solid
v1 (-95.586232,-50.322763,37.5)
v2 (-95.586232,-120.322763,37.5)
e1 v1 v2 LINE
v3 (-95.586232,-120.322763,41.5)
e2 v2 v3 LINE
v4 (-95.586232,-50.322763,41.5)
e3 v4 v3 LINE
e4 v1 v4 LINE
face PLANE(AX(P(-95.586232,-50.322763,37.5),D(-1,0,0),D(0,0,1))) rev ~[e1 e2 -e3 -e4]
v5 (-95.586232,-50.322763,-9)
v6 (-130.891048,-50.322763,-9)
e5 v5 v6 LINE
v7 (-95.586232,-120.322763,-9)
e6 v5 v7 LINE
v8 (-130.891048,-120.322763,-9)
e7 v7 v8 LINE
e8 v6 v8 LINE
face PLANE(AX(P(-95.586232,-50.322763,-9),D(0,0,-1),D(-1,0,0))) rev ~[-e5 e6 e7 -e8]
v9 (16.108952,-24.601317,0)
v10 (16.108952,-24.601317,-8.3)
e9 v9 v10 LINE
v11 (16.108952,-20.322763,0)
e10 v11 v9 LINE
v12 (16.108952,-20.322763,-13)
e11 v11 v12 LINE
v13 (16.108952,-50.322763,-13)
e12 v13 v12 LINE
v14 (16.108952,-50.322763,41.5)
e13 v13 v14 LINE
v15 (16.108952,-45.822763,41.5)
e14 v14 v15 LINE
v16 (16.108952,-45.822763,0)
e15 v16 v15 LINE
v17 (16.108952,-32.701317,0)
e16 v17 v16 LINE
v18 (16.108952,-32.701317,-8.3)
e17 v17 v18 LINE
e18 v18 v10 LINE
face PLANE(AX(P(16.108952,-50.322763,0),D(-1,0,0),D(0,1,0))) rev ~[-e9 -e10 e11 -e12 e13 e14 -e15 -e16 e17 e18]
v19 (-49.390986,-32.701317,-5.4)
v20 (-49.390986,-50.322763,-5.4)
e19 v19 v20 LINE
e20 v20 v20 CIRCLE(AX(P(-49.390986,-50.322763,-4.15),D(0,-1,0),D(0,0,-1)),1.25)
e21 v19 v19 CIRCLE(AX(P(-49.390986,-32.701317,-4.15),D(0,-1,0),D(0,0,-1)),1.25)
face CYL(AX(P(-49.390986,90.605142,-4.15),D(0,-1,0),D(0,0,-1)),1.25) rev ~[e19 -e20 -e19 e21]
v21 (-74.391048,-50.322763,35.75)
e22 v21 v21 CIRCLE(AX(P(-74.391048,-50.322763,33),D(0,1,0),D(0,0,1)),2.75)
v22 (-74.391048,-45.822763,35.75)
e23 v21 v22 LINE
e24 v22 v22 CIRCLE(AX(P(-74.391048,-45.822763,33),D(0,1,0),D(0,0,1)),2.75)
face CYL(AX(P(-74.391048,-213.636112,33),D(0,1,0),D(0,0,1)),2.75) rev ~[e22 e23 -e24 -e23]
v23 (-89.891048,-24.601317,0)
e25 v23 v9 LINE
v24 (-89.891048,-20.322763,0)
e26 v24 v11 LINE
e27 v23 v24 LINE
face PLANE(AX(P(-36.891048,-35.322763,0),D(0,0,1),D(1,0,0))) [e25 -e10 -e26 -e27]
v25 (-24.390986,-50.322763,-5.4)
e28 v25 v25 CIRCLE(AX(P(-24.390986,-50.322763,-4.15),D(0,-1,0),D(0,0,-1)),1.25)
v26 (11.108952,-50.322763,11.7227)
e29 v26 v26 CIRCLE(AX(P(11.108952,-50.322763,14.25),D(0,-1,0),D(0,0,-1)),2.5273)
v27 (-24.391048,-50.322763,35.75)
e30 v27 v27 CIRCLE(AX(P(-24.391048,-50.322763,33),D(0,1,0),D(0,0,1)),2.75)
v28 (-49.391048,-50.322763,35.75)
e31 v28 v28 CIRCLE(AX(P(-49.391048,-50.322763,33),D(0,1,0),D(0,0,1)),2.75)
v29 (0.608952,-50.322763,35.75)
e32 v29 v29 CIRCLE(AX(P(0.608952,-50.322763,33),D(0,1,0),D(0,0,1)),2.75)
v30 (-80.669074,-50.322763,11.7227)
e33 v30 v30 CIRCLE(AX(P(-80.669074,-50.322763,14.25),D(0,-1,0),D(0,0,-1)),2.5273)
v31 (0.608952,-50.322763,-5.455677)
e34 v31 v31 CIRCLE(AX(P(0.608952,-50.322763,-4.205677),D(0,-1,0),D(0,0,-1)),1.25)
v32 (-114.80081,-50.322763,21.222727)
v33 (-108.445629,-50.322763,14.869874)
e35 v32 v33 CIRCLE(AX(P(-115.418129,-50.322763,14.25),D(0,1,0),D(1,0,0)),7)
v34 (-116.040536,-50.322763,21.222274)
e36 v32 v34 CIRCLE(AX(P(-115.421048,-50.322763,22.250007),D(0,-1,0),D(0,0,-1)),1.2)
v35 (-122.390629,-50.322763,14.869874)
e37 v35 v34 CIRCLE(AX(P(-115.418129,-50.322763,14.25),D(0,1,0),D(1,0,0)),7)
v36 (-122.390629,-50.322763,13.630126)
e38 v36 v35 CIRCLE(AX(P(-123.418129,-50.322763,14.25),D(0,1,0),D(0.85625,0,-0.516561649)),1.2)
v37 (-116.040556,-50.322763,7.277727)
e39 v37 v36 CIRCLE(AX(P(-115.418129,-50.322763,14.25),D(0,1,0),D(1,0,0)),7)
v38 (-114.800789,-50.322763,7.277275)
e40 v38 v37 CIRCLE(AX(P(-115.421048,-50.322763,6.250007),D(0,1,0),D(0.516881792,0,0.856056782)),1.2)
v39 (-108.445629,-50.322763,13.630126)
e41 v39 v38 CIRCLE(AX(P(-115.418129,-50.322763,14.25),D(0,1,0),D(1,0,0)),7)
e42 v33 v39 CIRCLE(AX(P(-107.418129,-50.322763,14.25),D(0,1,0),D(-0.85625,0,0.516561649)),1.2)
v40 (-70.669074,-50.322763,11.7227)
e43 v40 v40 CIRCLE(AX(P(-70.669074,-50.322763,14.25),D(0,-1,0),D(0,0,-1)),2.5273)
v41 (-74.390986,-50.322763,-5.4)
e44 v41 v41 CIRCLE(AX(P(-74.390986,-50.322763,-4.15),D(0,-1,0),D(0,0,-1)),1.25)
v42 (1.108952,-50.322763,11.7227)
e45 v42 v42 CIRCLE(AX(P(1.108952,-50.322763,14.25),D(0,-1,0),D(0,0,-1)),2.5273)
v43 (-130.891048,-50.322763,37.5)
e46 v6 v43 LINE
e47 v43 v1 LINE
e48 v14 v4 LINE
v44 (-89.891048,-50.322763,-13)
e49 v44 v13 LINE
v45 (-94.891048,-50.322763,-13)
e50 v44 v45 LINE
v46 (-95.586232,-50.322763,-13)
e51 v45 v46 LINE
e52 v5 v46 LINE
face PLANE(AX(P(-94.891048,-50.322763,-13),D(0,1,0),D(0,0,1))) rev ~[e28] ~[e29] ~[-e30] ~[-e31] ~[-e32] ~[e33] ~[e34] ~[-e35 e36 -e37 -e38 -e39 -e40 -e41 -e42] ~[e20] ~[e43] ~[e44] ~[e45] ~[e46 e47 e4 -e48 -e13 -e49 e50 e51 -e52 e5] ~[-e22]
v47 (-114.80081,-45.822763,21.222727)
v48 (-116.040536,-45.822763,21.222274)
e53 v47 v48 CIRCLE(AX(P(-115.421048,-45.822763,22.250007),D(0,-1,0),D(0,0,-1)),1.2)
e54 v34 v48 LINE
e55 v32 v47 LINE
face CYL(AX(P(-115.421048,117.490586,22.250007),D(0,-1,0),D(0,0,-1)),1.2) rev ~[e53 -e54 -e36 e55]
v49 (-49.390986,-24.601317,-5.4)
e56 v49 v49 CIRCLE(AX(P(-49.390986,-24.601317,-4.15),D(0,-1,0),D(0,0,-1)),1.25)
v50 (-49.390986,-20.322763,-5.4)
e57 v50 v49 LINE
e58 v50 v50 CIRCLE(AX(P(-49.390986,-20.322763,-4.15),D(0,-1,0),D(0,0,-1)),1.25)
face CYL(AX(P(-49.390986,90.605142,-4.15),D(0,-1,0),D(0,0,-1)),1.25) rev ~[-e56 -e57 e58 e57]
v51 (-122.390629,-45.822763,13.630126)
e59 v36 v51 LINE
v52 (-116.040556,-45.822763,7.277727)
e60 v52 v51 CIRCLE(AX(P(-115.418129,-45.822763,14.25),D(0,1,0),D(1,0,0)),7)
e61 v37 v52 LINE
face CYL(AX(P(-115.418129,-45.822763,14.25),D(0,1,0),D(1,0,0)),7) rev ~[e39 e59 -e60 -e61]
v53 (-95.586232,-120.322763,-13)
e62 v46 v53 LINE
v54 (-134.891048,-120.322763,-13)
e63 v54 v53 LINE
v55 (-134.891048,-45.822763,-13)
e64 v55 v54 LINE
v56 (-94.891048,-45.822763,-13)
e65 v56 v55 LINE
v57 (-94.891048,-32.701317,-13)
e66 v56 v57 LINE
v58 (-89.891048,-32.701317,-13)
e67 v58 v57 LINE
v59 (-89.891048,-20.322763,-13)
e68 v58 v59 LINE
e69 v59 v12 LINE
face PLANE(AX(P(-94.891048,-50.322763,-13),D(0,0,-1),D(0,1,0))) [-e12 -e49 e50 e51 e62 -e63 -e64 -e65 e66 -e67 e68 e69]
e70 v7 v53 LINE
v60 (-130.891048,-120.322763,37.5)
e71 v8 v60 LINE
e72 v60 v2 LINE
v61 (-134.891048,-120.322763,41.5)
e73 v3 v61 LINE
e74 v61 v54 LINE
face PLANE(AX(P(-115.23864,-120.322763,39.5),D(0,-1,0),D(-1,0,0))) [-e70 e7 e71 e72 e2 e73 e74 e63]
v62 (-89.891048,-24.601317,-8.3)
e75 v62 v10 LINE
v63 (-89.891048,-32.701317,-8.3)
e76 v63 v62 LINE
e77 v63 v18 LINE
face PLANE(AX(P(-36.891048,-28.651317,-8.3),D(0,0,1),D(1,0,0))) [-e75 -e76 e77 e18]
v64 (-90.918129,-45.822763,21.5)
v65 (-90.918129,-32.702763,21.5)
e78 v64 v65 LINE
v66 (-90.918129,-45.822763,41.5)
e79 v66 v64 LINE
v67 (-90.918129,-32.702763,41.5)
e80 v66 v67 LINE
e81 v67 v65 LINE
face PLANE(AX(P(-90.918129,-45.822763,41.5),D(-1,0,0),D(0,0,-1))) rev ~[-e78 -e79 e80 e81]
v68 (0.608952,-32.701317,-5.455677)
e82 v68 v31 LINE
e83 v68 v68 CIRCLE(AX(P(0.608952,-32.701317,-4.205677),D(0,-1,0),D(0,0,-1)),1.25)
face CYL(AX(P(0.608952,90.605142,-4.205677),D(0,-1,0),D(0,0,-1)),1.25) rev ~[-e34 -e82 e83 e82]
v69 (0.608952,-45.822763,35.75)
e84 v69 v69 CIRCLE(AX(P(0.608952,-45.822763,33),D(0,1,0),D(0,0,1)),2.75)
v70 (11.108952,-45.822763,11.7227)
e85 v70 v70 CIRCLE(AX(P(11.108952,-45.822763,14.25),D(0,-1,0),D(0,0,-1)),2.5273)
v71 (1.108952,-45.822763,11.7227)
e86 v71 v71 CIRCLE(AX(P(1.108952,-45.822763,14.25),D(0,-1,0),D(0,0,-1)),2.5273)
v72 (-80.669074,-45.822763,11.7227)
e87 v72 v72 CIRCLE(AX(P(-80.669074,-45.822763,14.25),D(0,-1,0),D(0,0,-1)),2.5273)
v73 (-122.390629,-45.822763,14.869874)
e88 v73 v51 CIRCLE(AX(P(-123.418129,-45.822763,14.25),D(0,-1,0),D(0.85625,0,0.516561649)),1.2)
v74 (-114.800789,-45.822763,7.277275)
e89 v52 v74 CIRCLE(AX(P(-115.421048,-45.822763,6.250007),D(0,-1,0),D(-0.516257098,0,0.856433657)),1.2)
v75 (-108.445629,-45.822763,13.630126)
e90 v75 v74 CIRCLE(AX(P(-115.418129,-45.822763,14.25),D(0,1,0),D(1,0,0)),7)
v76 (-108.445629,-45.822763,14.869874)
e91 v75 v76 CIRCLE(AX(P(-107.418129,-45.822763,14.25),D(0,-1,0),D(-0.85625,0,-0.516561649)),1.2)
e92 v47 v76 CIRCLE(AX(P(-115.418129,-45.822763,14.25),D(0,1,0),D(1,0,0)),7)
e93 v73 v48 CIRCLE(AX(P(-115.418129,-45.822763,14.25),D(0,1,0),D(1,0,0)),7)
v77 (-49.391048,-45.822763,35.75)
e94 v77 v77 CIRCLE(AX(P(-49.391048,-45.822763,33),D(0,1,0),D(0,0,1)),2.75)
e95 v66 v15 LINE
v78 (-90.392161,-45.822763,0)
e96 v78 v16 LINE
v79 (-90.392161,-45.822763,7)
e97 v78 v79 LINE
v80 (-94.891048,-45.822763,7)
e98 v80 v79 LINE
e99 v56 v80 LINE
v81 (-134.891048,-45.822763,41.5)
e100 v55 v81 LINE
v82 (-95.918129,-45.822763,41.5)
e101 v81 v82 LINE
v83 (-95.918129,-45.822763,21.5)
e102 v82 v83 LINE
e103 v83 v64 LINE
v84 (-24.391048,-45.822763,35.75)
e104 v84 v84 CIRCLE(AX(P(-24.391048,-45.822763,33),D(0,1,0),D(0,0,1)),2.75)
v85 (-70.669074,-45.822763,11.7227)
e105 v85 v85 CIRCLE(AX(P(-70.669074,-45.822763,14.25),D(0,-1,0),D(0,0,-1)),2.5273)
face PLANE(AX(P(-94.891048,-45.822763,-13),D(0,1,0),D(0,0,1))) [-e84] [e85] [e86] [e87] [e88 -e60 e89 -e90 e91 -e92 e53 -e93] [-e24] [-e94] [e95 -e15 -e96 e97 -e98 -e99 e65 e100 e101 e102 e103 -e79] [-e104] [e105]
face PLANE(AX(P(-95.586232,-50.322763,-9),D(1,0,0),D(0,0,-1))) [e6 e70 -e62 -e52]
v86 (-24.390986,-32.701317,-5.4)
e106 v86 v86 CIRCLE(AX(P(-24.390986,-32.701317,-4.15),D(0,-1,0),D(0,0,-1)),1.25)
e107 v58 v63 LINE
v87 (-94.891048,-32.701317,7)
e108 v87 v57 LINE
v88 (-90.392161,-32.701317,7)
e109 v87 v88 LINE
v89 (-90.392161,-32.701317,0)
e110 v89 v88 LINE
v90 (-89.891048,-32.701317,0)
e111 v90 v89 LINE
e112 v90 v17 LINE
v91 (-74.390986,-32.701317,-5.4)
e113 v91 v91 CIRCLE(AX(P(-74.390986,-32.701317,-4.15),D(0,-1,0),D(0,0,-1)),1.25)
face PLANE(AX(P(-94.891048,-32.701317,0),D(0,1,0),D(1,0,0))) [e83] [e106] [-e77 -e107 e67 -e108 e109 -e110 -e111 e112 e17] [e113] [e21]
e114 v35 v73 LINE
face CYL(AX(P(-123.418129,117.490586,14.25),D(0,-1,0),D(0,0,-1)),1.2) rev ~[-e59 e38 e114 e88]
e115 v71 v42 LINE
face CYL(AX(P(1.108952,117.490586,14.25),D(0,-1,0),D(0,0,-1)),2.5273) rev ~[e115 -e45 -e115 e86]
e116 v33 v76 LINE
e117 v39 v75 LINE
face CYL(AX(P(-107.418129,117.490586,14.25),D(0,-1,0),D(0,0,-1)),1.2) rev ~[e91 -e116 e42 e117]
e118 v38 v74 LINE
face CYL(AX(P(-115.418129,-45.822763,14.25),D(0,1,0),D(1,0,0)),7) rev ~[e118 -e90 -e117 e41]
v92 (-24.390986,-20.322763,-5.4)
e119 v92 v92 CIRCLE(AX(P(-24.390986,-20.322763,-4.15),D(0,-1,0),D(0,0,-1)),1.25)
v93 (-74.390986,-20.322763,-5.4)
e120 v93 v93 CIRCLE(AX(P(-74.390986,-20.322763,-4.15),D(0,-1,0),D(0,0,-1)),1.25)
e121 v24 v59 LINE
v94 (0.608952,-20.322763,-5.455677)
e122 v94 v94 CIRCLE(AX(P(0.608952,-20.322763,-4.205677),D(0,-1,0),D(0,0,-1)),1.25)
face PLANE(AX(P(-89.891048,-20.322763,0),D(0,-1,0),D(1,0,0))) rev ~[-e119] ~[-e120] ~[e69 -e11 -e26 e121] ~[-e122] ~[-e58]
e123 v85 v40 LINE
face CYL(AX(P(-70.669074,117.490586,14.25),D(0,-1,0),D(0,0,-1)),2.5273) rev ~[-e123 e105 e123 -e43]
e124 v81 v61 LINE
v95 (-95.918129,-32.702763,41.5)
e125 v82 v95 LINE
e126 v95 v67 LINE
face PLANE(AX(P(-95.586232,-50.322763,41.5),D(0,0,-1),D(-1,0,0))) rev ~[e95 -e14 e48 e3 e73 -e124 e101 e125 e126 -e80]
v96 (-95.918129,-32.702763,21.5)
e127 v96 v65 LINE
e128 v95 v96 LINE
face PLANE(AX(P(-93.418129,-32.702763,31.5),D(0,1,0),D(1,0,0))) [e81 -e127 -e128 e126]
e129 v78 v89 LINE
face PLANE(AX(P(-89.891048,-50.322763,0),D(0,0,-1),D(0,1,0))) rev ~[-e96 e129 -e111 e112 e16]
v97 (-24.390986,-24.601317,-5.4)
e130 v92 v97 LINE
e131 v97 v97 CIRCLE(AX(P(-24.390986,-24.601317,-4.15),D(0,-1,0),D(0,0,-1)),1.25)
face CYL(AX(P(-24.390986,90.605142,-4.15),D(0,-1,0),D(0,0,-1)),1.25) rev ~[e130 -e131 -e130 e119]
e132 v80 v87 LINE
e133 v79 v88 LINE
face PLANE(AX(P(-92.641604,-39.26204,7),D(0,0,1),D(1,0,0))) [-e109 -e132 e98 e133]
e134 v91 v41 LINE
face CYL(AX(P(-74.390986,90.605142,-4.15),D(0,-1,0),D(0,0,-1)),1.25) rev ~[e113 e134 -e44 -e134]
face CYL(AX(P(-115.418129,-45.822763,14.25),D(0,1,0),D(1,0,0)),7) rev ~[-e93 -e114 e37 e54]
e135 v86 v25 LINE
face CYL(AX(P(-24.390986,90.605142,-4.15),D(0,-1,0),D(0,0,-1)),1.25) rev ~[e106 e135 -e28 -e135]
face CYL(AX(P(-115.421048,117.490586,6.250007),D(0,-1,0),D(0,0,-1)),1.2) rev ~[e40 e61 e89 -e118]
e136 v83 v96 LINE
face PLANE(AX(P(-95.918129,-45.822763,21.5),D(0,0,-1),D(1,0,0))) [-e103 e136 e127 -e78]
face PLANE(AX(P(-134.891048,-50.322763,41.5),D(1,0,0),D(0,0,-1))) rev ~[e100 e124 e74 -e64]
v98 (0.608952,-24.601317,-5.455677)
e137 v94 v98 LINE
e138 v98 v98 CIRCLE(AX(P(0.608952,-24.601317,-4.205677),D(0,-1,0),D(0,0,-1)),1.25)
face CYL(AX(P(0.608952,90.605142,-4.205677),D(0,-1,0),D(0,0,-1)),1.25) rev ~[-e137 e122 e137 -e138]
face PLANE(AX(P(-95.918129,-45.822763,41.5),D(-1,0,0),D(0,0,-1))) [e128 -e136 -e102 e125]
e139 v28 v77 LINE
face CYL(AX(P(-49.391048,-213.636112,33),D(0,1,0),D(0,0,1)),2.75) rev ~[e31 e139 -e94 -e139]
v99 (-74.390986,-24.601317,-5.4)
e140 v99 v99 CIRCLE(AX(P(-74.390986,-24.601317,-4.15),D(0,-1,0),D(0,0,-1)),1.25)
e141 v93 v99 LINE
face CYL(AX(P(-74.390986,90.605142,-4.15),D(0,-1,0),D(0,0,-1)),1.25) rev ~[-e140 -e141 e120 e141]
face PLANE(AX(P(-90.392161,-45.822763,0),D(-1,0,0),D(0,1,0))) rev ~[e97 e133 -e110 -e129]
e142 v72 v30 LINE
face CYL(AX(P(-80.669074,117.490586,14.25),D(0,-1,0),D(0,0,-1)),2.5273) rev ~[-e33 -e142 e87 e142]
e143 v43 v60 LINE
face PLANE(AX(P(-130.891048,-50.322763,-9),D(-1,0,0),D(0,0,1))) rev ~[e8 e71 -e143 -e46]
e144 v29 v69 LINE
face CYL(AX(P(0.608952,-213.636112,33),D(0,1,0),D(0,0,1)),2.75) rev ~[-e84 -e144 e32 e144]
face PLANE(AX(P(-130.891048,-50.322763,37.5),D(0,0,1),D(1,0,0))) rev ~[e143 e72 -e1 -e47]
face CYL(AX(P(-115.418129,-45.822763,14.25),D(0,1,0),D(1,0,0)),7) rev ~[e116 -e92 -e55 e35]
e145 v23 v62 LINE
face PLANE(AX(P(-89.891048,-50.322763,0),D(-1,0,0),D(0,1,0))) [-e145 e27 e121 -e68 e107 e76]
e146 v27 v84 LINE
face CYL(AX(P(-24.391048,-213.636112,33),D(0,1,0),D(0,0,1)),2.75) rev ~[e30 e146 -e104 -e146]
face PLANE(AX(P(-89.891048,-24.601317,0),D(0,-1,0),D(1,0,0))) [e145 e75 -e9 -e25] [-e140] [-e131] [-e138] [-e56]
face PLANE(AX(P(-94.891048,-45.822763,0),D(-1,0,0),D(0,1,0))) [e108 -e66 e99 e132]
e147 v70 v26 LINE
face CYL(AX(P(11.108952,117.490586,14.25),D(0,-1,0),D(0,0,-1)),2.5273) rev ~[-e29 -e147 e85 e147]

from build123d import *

# Parameters (mm, degrees)
SKETCH4_W                  = 106
SKETCH4_H                  = 30
BOSS_EXTRUDE2_DEPTH        = 13
SKETCH25_W                 = 106
SKETCH25_H                 = 8.1
CUT_EXTRUDE3_DEPTH         = 1
CUT_EXTRUDE3_DEPTH_BACK    = 8.3
M3X0_5_TAPPED_HOLE1_D      = 2.5
SKETCH28_W                 = 106
SKETCH28_H                 = 4.5
BOSS_EXTRUDE3_DEPTH        = 41.5
SKETCH32_W                 = 41.5
SKETCH32_H                 = 4.5
BOSS_EXTRUDE10_DEPTH       = 5
SKETCH33_W                 = 13
SKETCH33_H                 = 17.621445937
BOSS_EXTRUDE12_DEPTH       = 5
SKETCH34_W                 = 4.498886861
SKETCH34_H                 = 13.121445937
BOSS_EXTRUDE13_DEPTH       = 7
SKETCH35_W                 = 54.5
SKETCH35_H                 = 4.5
BOSS_EXTRUDE14_DEPTH       = 40
SKETCH36_W                 = 5
SKETCH36_H                 = 20
BOSS_EXTRUDE15_DEPTH       = 13.12
F_8_0_199_DIAMETER_HOLE1_D = 5.0546
SKETCH39_R                 = 7
CUT_EXTRUDE4_DEPTH         = 10
M2_CLEARANCE_HOLE1_D       = 2.4
M5_CLEARANCE_HOLE1_D       = 5.5
SKETCH43_W                 = 35.304815243
SKETCH43_H                 = 4
BOSS_EXTRUDE16_DEPTH       = 70


with BuildPart() as part:
    # Sketch4 → Boss-Extrude2 (new body)
    with BuildSketch(Plane.XY):
        with Locations((-36.891047602, -35.322762913)):
            Rectangle(SKETCH4_W, SKETCH4_H)
    extrude(amount=-BOSS_EXTRUDE2_DEPTH)

    # Sketch25 → Cut-Extrude3 (cut, two sides)
    with BuildSketch(Plane.XY) as cut_extrude3_sk:
        with Locations((-36.891047602, -28.651316976)):
            Rectangle(SKETCH25_W, SKETCH25_H)
    extrude(amount=CUT_EXTRUDE3_DEPTH, mode=Mode.SUBTRACT)
    extrude(cut_extrude3_sk.sketch, amount=-CUT_EXTRUDE3_DEPTH_BACK, mode=Mode.SUBTRACT)

    # M3x0.5 Tapped Hole1 (through all)
    with Locations(Plane(origin=(-74.390985602, -20.322762913, -4.15), x_dir=(0, 0, 1), z_dir=(0, 1, 0))):
        with Locations((0, 0), (0, 25), (-0.055677319, 74.999938), (0, 50)):
            Hole(M3X0_5_TAPPED_HOLE1_D / 2)

    # Sketch28 → Boss-Extrude3 (add)
    with BuildSketch(Plane.XY):
        with Locations((-36.891047602, -48.072762913)):
            Rectangle(SKETCH28_W, SKETCH28_H)
    extrude(amount=BOSS_EXTRUDE3_DEPTH)

    # Sketch32 → Boss-Extrude10 (add)
    with BuildSketch(Plane.ZY.offset(89.891047602)):
        with Locations((20.75, -48.072762913)):
            Rectangle(SKETCH32_W, SKETCH32_H)
    extrude(amount=BOSS_EXTRUDE10_DEPTH)

    # Sketch33 → Boss-Extrude12 (add)
    with BuildSketch(Plane.ZY.offset(89.891047602)):
        with Locations((-6.5, -41.512039945)):
            Rectangle(SKETCH33_W, SKETCH33_H)
    extrude(amount=BOSS_EXTRUDE12_DEPTH)

    # Sketch34 → Boss-Extrude13 (add)
    with BuildSketch(Plane.XY):
        with Locations((-92.641604172, -39.262039945)):
            Rectangle(SKETCH34_W, SKETCH34_H)
    extrude(amount=BOSS_EXTRUDE13_DEPTH)

    # Sketch35 → Boss-Extrude14 (add)
    with BuildSketch(Plane.ZY.offset(94.891047602)):
        with Locations((14.25, -48.072762913)):
            Rectangle(SKETCH35_W, SKETCH35_H)
    extrude(amount=BOSS_EXTRUDE14_DEPTH)

    # Sketch36 → Boss-Extrude15 (add)
    with BuildSketch(Plane(origin=(0, -45.822762913, 0), x_dir=(1, 0, 0), z_dir=(0, 1, 0))):
        with Locations((-93.41812931, -31.5)):
            Rectangle(SKETCH36_W, SKETCH36_H)
    extrude(amount=BOSS_EXTRUDE15_DEPTH)

    # #8 (0.199) Diameter Hole1 (through all)
    with Locations(Plane(origin=(-80.669073904, -45.822762913, 14.25), x_dir=(0, 0, 1), z_dir=(0, 1, 0))):
        with Locations((0, 0), (0, 91.778026302), (0, 81.778026302), (0, 10)):
            Hole(F_8_0_199_DIAMETER_HOLE1_D / 2)

    # Sketch39 → Cut-Extrude4 (cut)
    with BuildSketch(Plane(origin=(0, -45.822762913, 0), x_dir=(1, 0, 0), z_dir=(0, 1, 0))):
        with Locations((-115.41812931, -14.25)):
            Circle(SKETCH39_R)
    extrude(amount=-CUT_EXTRUDE4_DEPTH, mode=Mode.SUBTRACT)

    # M2 Clearance Hole1 (through all)
    with Locations(Plane(origin=(-107.41812931, -45.822762913, 14.25), x_dir=(0, 0, 1), z_dir=(0, 1, 0))):
        with Locations((0, 0), (8.000007036, -8.002918292), (-7.999992964, -8.002918292), (0, -16)):
            Hole(M2_CLEARANCE_HOLE1_D / 2)

    # M5 Clearance Hole1 (through all)
    with Locations(Plane(origin=(0.608952398, -50.322762913, 33), x_dir=(0, 0, -1), z_dir=(0, -1, 0))):
        with Locations((0, 0), (0, -25), (0, -50), (0, -75)):
            Hole(M5_CLEARANCE_HOLE1_D / 2)

    # Sketch43 → Boss-Extrude16 (add)
    with BuildSketch(Plane(origin=(0, -50.322762913, 0), x_dir=(-1, 0, 0), z_dir=(0, -1, 0))):
        Polygon((95.586232359, -37.5), (95.586232359, -41.5), (134.891047602, -41.5), (134.891047602, -37.5), (130.891047602, -37.5), align=None)
        Polygon((130.891047602, -37.5), (134.891047602, -37.5), (134.891047602, 13), (130.891047602, 13), (130.891047602, 9), align=None)
        with Locations((113.238639981, 11)):
            Rectangle(SKETCH43_W, SKETCH43_H)
    extrude(amount=BOSS_EXTRUDE16_DEPTH)


solid = part.part
